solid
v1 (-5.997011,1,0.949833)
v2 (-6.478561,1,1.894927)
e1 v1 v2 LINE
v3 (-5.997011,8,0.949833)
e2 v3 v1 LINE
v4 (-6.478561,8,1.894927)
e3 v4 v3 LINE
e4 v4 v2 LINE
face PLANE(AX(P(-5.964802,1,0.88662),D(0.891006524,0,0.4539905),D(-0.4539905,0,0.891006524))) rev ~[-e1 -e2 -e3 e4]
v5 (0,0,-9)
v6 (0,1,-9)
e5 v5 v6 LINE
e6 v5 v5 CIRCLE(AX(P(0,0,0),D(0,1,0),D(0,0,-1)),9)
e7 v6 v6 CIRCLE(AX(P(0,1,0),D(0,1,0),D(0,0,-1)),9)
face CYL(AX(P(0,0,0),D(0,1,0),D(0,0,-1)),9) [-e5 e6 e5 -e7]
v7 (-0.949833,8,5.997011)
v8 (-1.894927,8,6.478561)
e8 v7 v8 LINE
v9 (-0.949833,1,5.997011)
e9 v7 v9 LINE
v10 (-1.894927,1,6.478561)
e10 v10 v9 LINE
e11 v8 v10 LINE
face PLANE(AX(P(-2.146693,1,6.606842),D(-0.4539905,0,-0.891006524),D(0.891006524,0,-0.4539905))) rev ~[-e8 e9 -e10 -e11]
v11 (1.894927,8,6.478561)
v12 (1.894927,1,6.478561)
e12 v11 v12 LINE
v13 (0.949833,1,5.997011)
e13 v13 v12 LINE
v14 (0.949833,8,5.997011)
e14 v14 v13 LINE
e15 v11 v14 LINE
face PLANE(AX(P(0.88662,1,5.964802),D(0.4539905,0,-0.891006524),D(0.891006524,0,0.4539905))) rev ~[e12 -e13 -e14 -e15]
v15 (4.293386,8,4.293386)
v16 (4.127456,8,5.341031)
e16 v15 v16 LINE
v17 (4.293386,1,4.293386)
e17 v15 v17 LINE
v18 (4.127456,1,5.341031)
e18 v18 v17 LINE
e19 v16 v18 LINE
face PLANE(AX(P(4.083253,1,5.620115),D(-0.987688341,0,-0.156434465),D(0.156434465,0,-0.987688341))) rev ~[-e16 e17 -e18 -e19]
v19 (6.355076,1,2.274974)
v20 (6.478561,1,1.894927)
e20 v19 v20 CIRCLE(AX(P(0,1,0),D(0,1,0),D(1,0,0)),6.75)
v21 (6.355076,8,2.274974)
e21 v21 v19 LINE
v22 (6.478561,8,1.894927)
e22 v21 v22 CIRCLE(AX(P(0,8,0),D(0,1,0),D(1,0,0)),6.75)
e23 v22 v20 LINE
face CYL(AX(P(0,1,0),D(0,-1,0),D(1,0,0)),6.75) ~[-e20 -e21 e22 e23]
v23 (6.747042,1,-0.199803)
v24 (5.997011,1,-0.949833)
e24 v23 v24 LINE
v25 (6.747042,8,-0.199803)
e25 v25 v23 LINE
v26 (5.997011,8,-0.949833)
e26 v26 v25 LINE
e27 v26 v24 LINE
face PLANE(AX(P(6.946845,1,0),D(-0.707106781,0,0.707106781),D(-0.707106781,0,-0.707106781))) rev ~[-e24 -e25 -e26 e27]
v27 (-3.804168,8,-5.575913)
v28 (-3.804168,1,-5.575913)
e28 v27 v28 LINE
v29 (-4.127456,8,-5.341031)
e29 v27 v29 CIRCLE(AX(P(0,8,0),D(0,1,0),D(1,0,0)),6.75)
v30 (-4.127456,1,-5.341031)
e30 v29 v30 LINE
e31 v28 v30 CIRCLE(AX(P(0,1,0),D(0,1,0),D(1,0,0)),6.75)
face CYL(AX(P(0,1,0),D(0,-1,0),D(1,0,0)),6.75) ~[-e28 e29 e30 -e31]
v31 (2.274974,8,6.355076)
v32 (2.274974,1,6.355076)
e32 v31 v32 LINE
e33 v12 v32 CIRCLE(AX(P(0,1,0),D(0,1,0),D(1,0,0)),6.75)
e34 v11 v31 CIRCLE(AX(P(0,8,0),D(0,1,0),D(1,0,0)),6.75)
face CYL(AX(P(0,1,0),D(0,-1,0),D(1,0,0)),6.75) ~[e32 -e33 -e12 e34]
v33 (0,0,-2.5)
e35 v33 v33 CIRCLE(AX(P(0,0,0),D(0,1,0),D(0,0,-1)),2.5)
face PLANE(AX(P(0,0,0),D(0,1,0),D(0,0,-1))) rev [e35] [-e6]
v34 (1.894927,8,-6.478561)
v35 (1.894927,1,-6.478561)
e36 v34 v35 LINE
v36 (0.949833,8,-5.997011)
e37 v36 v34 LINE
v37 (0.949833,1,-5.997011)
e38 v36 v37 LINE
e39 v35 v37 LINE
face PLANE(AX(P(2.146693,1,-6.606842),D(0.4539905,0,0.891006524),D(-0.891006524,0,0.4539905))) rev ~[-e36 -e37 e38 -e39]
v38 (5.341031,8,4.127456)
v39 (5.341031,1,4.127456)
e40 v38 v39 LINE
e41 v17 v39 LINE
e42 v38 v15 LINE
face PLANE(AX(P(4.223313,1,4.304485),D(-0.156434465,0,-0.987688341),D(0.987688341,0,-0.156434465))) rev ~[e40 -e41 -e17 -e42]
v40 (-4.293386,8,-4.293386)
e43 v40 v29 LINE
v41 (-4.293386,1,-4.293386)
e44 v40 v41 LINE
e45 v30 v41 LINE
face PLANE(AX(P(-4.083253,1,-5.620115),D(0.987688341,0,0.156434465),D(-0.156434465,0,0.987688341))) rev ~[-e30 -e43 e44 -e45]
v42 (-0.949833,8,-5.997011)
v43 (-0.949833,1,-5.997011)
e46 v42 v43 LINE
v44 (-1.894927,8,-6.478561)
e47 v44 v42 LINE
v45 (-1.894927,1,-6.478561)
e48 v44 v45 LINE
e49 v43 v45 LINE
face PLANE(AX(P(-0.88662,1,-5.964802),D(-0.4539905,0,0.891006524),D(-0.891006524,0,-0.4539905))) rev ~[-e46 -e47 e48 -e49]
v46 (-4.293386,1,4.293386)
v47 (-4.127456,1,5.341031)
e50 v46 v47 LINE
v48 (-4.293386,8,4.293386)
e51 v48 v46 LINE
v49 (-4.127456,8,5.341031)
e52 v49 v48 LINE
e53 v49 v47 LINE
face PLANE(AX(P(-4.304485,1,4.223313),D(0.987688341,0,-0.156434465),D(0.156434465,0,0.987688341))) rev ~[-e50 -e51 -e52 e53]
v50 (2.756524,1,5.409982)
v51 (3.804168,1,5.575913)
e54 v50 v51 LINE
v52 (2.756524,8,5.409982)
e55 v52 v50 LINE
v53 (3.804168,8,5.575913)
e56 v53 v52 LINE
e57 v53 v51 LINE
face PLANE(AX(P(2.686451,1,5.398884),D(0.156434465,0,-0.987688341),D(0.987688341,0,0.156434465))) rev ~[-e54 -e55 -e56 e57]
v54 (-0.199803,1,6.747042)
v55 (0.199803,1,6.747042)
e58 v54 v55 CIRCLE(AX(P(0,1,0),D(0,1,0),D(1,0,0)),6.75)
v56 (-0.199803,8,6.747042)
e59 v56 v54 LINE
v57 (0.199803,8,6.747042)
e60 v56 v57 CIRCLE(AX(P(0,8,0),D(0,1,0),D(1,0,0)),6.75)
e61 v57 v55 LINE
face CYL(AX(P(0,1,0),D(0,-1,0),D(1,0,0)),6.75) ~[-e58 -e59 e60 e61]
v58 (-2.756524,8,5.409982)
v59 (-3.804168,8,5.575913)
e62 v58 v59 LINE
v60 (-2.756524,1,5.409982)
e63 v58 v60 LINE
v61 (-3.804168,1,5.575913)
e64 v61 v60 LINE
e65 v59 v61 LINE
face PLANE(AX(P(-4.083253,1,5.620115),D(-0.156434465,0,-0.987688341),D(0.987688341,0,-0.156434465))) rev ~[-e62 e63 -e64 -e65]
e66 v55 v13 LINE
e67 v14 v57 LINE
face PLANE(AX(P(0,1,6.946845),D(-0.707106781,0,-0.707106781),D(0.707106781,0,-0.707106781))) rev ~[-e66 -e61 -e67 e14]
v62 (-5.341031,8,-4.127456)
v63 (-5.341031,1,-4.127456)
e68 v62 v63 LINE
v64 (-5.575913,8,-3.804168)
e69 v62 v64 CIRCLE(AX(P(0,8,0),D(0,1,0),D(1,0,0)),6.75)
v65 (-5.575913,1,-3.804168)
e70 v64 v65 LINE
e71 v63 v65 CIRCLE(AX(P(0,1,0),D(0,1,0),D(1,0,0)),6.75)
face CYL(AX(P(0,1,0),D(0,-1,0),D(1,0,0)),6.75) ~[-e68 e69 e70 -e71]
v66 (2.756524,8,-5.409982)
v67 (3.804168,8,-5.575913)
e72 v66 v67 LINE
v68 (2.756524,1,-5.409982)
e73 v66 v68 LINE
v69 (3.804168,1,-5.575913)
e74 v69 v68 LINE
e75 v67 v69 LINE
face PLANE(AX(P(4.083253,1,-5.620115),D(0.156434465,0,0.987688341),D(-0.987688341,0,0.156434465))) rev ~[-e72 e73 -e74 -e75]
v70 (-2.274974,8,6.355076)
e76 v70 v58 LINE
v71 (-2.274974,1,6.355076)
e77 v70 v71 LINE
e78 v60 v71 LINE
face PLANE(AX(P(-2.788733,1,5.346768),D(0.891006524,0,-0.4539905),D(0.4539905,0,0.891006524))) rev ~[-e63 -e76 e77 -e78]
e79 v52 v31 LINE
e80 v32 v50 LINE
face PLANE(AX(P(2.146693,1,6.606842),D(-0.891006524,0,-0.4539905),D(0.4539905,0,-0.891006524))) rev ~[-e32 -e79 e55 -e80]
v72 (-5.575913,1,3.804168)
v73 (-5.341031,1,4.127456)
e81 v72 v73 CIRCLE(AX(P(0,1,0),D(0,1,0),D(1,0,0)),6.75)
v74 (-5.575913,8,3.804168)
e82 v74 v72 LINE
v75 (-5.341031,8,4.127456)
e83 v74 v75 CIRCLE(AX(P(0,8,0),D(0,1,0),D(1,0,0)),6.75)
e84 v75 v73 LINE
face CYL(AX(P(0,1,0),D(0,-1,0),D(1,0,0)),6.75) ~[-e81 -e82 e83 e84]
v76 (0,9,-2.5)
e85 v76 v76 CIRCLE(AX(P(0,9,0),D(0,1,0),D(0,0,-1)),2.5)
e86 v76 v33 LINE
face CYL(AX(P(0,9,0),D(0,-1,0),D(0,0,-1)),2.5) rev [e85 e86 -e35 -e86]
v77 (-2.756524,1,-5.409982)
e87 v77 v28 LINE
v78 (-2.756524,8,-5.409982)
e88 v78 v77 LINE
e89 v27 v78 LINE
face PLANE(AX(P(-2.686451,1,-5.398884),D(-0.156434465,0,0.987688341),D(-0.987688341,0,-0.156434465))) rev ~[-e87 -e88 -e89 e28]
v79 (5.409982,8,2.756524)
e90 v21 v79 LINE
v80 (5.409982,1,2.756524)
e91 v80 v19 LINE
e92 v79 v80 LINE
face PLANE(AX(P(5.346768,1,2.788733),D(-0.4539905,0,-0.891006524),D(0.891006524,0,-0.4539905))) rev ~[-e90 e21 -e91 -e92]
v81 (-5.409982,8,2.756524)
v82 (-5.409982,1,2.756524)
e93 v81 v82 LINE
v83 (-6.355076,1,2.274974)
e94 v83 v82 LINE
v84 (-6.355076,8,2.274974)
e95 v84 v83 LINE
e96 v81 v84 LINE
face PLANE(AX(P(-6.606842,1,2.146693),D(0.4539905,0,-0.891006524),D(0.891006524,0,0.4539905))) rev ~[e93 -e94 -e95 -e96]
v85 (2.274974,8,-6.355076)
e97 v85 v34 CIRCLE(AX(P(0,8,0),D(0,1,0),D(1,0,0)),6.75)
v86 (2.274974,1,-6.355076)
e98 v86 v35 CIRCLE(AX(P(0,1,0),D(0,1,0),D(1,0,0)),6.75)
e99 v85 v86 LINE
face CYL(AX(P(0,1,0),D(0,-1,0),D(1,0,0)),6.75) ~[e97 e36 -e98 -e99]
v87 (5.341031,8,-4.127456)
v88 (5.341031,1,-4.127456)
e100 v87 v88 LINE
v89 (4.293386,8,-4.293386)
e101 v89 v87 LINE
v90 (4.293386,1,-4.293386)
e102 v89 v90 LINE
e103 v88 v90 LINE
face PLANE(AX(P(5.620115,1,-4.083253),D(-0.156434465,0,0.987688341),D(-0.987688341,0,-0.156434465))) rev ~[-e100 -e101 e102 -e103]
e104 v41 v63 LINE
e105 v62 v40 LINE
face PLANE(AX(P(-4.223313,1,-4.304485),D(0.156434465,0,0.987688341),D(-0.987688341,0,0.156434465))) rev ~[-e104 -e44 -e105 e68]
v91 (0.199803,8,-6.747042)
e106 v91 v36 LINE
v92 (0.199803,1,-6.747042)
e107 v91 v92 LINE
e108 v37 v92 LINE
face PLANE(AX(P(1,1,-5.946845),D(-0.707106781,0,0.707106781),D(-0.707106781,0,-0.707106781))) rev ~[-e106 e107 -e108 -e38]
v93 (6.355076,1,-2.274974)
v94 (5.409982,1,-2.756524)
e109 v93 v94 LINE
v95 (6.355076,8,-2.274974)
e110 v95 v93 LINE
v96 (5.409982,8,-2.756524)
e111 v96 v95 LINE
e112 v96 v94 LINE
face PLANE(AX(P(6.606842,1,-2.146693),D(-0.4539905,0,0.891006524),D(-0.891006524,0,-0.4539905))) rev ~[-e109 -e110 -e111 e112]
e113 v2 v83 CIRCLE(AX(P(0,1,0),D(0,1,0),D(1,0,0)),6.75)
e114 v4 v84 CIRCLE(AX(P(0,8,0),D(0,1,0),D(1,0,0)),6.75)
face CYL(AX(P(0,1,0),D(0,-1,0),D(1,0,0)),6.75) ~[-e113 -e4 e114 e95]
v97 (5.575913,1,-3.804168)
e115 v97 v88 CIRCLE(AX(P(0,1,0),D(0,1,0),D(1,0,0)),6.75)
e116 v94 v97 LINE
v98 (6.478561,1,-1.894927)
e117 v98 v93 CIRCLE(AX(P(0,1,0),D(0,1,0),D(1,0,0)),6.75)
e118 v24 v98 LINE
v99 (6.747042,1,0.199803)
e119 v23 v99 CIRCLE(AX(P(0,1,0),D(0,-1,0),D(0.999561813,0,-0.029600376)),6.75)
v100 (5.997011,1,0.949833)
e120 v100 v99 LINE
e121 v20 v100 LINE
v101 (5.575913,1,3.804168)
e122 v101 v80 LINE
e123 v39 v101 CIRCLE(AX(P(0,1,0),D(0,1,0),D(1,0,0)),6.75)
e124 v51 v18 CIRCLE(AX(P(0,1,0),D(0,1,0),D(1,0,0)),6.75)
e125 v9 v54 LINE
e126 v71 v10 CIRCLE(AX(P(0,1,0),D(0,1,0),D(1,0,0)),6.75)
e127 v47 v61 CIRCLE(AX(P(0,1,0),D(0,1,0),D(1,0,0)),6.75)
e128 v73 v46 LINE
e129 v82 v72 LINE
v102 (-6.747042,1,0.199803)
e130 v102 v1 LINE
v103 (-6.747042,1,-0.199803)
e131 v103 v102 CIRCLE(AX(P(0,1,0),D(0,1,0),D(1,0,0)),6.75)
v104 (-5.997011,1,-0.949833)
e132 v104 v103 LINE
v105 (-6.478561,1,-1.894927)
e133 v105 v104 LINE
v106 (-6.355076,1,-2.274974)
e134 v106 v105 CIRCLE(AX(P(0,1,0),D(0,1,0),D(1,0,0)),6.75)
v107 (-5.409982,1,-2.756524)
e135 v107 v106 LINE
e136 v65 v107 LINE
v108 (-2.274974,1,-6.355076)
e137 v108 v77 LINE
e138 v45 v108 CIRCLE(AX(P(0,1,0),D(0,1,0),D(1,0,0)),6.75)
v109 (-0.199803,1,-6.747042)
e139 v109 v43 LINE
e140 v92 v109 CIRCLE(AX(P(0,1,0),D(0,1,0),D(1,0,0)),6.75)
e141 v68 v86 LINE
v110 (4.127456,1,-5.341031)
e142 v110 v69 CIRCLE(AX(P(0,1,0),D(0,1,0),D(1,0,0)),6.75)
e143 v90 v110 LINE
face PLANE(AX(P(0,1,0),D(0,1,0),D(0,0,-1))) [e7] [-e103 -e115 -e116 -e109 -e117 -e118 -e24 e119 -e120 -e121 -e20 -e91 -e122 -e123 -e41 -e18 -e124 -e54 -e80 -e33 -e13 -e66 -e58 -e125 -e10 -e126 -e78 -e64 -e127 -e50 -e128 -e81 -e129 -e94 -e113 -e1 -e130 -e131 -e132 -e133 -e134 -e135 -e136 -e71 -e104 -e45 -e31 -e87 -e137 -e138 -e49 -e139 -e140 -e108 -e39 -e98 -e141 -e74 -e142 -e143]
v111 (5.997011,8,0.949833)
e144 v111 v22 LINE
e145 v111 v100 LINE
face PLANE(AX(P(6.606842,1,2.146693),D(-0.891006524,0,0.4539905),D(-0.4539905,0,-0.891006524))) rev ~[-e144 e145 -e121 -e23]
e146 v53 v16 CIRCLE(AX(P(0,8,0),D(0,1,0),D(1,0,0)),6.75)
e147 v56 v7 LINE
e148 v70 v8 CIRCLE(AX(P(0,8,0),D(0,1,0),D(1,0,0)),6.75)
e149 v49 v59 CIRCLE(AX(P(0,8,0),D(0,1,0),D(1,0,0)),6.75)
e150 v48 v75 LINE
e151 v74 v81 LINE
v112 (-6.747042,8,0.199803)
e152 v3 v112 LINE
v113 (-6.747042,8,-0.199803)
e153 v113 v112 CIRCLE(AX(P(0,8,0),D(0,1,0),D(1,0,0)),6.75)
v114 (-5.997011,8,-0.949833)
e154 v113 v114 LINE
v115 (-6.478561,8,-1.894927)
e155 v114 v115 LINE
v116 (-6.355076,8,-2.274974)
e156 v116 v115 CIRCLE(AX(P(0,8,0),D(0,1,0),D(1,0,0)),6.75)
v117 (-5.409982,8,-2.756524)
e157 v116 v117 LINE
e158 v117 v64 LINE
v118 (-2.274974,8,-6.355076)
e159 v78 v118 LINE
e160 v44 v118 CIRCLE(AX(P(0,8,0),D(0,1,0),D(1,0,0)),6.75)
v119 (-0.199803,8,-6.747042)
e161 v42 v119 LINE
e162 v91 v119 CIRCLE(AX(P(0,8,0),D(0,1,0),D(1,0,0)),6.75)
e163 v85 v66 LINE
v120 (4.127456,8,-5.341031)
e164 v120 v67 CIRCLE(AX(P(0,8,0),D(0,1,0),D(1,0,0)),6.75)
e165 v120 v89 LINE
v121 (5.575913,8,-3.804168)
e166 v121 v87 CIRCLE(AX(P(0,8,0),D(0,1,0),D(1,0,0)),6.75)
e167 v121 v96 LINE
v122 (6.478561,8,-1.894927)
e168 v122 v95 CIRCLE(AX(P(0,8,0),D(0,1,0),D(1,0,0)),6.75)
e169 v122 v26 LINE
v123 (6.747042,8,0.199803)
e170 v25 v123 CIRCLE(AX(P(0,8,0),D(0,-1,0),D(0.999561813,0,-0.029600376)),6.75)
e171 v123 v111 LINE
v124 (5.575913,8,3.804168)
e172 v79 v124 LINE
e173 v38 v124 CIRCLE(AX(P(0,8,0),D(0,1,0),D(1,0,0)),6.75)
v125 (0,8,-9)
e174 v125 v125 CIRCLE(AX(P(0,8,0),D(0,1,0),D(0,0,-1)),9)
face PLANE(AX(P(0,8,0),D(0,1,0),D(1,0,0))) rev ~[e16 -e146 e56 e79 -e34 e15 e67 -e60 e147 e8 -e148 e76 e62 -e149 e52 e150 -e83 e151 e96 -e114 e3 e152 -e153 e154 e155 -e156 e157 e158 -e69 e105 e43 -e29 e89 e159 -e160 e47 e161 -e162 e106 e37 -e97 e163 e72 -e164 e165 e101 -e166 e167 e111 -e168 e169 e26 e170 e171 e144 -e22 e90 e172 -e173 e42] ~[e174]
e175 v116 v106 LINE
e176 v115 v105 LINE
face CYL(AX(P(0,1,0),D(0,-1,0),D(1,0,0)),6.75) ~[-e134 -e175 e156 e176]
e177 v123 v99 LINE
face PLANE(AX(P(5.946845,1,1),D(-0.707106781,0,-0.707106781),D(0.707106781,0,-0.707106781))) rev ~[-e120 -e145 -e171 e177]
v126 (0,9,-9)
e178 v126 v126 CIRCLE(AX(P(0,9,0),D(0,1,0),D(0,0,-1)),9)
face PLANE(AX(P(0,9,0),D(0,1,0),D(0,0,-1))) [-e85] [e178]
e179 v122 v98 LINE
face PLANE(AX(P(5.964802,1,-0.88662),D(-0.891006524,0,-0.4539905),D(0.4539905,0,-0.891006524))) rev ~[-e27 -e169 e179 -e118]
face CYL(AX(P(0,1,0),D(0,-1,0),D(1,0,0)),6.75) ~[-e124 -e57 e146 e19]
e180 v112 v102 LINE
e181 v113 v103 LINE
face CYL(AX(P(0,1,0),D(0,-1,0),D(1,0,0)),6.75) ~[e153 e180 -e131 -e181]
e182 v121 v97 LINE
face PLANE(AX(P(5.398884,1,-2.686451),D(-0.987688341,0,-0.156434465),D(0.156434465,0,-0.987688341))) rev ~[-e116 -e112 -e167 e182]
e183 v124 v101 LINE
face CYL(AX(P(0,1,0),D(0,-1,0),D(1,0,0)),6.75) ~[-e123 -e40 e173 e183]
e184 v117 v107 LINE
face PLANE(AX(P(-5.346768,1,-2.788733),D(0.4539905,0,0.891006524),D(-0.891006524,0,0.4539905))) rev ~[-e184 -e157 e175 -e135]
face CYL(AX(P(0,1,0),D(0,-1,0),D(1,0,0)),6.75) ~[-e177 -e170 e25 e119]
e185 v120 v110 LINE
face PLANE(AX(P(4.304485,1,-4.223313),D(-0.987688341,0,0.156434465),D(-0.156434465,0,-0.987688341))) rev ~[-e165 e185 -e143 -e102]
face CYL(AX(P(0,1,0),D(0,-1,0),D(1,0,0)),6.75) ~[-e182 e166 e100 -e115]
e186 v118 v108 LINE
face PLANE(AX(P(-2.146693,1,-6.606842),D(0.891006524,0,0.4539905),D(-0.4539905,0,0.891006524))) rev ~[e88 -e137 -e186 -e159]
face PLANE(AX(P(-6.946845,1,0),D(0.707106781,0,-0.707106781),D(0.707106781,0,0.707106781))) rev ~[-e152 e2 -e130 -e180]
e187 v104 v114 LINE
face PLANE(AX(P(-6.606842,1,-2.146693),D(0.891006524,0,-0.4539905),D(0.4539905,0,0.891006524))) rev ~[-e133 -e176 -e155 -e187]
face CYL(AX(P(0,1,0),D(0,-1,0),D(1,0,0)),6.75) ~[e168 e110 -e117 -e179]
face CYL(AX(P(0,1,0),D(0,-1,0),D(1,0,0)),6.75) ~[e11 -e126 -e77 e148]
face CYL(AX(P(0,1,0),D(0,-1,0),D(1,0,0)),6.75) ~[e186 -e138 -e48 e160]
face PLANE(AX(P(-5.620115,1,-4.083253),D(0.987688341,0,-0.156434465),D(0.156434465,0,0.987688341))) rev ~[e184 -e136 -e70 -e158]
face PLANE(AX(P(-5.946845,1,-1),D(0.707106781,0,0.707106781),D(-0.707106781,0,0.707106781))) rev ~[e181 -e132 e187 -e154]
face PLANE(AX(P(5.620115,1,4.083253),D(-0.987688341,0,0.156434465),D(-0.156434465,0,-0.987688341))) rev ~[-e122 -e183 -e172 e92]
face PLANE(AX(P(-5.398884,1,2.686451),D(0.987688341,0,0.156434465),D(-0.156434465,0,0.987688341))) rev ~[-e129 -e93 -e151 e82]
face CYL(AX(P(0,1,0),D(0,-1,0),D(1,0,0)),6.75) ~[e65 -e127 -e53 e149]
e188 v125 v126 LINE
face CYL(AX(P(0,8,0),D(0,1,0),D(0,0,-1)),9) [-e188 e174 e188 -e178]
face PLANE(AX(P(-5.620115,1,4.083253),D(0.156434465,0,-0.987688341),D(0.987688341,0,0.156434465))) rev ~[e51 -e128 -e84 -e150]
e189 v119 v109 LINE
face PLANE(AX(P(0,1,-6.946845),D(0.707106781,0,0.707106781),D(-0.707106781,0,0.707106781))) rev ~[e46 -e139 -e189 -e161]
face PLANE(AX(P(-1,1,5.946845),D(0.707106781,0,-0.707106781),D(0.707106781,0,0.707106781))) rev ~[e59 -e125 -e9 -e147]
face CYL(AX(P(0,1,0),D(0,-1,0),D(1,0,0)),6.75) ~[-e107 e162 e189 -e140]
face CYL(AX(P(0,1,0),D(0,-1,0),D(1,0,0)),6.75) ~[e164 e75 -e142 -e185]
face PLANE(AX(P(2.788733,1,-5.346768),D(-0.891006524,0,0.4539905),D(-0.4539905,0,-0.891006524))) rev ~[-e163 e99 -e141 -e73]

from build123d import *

# Parameters (mm, degrees)
BOSS_EXTRUDE1_REACH = 17.033
CIRPATTERN1_COUNT   = 20
SKETCH3_R           = 7.5
SKETCH3_R_2         = 6.75
CUT_EXTRUDE1_DEPTH  = 7


with BuildPart() as part:
    # Sketch1 → Revolve1 (revolve)
    with BuildSketch(Plane.XY, mode=Mode.PRIVATE) as revolve1_sk:
        Polygon((-2.5, 0), (-9, 0), (-9, 1), (-6.05, 1), (-6.05, 8), (-9, 8), (-9, 9), (-2.5, 9), align=None)
    revolve(revolve1_sk.sketch.rotate(Axis((0, 0, 0), (0, 1, 0)), 270), axis=Axis((0, 0, 0), (0, 1, 0)))

    # Sketch2 → Boss-Extrude1 (add, up to next)
    with BuildSketch(Plane(origin=(0, 1, 0), x_dir=(1, 0, 0), z_dir=(0, 1, 0)), mode=Mode.PRIVATE) as boss_extrude1_sk1:
        Polygon((-6.946844773, 0), (-5.946844773, -1), (-5.946844773, 1), align=None)
    boss_extrude1_tool1 = extrude(boss_extrude1_sk1.sketch, amount=BOSS_EXTRUDE1_REACH, mode=Mode.PRIVATE) - part.part
    boss_extrude1 = boss_extrude1_tool1.solids().sort_by_distance((-6.280178, 1, 0))[0]
    add(boss_extrude1)

    # CirPattern1: Boss-Extrude1 ×20 about axis
    cirpattern1_axis = Axis((0, 0, 0), (0, 1, 0))
    for i in range(1, CIRPATTERN1_COUNT):
        add(boss_extrude1.rotate(cirpattern1_axis, i * 360 / CIRPATTERN1_COUNT))

    # Sketch3 → Cut-Extrude1 (cut)
    with BuildSketch(Plane(origin=(0, 1, 0), x_dir=(1, 0, 0), z_dir=(0, 1, 0))):
        Circle(SKETCH3_R)
        Circle(SKETCH3_R_2, mode=Mode.SUBTRACT)
    extrude(amount=CUT_EXTRUDE1_DEPTH, mode=Mode.SUBTRACT)


solid = part.part
